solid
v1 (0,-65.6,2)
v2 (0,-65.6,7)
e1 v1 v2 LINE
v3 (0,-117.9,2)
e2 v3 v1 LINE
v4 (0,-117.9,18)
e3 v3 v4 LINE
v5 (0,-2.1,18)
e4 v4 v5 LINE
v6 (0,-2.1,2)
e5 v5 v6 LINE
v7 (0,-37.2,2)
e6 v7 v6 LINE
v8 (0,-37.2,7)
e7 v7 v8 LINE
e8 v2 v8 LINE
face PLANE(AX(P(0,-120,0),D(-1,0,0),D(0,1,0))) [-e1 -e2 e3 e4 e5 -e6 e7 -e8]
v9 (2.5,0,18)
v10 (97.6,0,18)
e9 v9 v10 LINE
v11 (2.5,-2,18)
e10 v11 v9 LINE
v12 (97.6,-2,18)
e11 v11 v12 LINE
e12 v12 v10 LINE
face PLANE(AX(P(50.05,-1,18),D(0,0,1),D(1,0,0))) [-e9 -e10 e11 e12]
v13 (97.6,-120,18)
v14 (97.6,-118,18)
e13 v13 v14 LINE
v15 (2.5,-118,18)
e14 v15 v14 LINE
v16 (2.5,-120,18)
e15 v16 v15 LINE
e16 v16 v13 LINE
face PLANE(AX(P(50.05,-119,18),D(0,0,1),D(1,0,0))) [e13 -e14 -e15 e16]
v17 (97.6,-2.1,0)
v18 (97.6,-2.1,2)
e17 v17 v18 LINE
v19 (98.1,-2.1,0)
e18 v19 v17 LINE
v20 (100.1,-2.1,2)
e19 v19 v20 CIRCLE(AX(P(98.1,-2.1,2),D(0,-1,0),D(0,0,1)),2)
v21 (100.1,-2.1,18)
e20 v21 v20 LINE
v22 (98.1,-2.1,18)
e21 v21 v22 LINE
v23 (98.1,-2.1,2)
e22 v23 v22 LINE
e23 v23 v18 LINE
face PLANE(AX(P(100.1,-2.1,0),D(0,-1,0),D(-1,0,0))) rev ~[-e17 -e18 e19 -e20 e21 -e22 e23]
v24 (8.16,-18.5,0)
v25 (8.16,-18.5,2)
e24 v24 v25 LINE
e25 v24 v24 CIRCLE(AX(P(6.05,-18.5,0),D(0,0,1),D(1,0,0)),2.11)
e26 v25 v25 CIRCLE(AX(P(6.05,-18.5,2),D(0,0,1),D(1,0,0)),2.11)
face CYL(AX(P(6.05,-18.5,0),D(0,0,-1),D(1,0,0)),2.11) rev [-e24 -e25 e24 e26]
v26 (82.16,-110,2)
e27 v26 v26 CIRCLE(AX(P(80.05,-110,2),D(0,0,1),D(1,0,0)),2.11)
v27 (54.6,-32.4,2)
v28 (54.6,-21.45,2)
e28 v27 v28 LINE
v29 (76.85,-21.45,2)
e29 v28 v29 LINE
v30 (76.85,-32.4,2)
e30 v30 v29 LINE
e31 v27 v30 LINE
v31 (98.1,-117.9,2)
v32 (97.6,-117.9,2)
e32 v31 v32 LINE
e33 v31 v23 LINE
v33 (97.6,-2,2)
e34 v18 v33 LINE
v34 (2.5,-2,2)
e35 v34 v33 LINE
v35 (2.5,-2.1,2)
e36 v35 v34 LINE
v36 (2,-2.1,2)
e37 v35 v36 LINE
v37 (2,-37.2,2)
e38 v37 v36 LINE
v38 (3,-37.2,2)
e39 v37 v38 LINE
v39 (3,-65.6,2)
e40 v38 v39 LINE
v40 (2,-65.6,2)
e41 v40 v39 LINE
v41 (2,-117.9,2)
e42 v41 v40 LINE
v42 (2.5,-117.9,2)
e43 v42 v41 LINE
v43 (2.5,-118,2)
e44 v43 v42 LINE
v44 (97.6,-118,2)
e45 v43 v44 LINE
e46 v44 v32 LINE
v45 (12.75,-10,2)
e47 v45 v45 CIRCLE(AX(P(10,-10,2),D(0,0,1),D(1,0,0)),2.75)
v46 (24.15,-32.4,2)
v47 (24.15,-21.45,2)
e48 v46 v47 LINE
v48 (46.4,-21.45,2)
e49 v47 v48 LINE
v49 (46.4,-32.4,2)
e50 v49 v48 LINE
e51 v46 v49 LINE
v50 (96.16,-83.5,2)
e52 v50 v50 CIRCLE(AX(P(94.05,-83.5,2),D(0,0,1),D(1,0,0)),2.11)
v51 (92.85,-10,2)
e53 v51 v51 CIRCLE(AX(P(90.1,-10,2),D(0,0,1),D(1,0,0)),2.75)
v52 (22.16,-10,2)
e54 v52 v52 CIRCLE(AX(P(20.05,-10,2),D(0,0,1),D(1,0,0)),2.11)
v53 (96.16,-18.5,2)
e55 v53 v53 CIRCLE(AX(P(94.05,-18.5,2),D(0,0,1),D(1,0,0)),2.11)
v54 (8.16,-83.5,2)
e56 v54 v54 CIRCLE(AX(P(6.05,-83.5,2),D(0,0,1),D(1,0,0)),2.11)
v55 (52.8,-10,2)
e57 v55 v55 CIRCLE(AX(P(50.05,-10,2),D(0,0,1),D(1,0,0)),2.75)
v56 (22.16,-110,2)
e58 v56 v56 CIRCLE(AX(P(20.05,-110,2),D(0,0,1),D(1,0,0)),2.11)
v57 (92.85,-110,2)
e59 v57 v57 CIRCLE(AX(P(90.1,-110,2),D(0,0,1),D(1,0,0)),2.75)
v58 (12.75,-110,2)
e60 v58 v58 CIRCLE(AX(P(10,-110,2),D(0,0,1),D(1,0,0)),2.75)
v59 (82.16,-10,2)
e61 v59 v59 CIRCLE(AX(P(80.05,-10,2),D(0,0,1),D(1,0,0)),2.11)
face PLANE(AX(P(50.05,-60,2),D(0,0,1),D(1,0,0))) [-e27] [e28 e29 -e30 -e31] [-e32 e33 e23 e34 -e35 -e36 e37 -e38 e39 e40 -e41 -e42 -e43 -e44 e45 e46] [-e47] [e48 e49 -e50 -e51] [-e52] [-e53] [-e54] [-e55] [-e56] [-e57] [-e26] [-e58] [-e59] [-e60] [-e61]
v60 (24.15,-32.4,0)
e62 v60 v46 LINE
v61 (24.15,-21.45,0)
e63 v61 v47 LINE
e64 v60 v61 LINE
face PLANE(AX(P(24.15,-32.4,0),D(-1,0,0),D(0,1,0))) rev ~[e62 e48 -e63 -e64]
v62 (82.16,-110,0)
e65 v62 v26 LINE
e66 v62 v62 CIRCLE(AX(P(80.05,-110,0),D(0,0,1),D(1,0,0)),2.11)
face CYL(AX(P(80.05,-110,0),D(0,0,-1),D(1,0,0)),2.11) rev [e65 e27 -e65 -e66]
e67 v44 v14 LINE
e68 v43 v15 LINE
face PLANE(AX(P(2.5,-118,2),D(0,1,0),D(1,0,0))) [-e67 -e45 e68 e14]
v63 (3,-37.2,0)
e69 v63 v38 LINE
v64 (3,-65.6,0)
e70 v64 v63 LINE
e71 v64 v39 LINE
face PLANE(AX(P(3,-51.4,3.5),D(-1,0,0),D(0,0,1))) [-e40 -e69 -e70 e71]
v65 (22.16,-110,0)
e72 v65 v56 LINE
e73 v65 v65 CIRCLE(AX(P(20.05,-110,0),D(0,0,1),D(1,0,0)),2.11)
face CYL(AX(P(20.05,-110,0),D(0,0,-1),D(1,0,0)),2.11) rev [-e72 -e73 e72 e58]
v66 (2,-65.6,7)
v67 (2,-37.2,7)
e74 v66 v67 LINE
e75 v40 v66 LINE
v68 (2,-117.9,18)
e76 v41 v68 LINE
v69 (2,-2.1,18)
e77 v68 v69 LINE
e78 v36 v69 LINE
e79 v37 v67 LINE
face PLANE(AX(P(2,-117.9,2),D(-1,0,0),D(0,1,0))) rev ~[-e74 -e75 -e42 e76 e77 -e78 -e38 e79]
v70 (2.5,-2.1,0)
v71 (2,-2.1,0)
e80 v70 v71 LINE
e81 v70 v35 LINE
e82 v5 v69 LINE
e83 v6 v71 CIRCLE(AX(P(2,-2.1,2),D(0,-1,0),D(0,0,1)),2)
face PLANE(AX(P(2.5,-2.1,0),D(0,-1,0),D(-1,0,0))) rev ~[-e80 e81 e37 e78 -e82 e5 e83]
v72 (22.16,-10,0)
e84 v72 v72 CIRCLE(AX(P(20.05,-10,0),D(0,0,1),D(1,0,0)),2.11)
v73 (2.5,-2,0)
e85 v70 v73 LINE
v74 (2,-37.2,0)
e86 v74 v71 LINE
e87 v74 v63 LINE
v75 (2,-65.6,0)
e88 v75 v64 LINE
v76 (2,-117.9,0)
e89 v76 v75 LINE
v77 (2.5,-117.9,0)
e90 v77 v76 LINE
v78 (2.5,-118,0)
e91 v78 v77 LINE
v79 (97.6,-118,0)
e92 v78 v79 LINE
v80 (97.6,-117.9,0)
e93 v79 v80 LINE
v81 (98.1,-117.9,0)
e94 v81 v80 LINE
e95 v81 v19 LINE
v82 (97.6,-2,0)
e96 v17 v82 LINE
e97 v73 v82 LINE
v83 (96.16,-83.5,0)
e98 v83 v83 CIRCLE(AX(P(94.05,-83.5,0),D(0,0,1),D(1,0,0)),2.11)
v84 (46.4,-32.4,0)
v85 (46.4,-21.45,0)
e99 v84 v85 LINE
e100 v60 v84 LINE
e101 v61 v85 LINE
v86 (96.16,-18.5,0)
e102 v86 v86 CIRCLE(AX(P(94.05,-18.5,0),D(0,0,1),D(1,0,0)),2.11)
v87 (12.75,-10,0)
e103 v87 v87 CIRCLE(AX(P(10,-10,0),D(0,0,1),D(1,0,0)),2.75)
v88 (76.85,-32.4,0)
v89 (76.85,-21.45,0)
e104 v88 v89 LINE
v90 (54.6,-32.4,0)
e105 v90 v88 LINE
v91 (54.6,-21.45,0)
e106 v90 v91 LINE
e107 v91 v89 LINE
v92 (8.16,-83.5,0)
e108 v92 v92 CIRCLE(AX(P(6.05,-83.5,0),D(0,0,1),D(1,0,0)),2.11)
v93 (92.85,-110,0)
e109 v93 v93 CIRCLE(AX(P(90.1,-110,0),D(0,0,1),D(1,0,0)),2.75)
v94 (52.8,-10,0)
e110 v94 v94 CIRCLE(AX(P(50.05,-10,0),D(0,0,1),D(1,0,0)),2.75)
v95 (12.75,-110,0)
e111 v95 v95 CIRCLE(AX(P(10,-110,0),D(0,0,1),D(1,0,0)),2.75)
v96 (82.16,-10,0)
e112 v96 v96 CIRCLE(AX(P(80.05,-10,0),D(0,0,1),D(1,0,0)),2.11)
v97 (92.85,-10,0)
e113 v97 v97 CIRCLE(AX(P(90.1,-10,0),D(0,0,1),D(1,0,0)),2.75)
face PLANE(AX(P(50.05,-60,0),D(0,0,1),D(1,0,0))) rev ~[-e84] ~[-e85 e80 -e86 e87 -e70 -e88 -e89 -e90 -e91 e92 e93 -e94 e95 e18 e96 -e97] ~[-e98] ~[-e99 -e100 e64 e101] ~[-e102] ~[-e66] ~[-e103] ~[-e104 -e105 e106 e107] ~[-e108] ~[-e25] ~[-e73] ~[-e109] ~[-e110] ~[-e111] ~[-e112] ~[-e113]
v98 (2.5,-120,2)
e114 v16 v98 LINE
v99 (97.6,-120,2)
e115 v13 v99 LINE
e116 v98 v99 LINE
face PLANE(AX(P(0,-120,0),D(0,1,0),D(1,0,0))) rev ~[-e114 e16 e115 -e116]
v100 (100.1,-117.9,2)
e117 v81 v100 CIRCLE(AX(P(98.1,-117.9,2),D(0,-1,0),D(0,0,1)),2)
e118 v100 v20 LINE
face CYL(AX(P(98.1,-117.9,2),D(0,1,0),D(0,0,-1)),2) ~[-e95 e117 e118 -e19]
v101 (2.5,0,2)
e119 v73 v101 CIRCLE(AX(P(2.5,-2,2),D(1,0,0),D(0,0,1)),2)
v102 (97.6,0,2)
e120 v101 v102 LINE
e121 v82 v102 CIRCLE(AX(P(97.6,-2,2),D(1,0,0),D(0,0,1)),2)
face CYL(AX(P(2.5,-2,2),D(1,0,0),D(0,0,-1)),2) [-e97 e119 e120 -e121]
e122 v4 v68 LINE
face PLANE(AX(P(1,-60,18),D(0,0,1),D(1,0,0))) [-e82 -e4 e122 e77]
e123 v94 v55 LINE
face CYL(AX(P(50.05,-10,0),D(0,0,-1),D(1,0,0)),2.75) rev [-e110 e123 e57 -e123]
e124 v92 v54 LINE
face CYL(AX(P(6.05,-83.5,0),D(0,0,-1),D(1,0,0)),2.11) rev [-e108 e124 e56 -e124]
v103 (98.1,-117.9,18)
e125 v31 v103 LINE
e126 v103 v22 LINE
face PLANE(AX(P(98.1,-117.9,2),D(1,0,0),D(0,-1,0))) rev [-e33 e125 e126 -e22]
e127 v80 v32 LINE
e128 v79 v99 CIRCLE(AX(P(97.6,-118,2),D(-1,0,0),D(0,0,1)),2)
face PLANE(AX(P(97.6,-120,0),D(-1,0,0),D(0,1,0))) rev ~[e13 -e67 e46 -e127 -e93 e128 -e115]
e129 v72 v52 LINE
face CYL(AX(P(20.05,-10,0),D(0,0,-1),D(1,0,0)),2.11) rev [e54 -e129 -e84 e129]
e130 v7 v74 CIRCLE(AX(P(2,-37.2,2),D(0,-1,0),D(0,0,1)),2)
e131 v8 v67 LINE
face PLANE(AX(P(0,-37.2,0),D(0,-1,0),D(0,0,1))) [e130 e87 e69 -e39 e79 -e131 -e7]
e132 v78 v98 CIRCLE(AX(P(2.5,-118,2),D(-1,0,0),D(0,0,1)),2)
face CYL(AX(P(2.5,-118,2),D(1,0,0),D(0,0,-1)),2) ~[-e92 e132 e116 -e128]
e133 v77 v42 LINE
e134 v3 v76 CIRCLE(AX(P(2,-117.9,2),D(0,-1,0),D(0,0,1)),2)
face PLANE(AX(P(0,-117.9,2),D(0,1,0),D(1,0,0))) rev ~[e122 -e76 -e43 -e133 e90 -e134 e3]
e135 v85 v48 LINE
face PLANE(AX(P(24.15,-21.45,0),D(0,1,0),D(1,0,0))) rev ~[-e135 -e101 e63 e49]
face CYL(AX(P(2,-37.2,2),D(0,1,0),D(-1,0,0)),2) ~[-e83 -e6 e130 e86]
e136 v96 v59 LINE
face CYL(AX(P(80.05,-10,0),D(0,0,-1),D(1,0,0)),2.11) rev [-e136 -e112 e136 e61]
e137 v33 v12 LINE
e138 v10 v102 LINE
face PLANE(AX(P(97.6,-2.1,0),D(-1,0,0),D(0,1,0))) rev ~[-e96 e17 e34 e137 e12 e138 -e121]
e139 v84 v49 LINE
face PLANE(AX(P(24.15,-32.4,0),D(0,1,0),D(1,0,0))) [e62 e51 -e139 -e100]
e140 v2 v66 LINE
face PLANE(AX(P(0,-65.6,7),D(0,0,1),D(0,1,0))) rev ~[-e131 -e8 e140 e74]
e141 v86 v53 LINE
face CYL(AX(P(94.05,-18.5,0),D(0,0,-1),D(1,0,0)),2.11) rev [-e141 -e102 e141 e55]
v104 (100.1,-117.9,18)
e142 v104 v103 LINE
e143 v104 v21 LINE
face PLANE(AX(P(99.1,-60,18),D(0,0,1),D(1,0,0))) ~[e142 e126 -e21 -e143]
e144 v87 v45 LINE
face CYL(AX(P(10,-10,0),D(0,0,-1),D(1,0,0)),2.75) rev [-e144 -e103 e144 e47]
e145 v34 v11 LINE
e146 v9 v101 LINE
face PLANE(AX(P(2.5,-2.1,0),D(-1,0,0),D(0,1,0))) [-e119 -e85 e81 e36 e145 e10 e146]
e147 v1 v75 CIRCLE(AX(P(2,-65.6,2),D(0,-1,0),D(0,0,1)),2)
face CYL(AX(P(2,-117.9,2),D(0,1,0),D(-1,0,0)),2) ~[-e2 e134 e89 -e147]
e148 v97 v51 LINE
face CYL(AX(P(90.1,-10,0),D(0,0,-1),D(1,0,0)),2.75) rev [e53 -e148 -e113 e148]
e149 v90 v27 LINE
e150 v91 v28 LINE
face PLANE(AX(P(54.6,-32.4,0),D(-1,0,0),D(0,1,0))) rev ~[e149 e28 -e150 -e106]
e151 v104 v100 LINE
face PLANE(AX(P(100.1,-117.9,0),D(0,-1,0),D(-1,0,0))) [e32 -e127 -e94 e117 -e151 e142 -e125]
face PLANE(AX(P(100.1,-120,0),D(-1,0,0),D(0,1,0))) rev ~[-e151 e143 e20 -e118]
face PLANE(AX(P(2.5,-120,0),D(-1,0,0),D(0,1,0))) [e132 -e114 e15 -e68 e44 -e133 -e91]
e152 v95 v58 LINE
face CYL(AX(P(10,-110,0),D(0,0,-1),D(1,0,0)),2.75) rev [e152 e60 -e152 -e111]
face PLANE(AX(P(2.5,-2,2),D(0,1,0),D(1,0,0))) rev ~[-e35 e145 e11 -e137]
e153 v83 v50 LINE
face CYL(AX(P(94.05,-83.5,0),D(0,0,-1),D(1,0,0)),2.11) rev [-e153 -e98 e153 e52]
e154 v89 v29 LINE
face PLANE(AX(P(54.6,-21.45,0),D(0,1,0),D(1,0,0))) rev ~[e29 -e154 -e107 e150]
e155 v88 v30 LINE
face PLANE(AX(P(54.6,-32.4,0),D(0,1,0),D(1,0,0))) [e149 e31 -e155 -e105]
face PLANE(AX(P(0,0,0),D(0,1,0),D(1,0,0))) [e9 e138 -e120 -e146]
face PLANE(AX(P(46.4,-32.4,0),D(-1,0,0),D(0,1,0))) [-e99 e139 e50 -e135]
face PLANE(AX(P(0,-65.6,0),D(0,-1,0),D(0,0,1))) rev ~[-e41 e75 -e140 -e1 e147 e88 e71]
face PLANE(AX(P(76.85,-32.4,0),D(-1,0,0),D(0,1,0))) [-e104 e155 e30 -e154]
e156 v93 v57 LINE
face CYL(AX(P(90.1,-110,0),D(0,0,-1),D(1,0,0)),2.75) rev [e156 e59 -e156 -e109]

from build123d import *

# Parameters (mm, degrees)
SKETCH1_W           = 100.1
SKETCH1_H           = 120
SKETCH1_R           = 2.75
SKETCH1_R_2         = 2.11
SKETCH1_W_2         = 22.25
SKETCH1_H_2         = 10.95
BOSS_EXTRUDE1_DEPTH = 2
SKETCH2_W           = 2
SKETCH2_H           = 115.8
BOSS_EXTRUDE2_DEPTH = 16
SKETCH4_W           = 95.1
SKETCH4_H           = 2
BOSS_EXTRUDE3_DEPTH = 16
SKETCH5_W           = 2.5
SKETCH5_H           = 2.1
CUT_EXTRUDE1_DEPTH  = 2
SKETCH6_W           = 7
SKETCH6_H           = 28.4
CUT_EXTRUDE2_DEPTH  = 3
FILLET2_R           = 2


with BuildPart() as part:
    # Sketch1 → Boss-Extrude1 (new body)
    with BuildSketch(Plane.XY):
        with Locations((50.05, -60)):
            Rectangle(SKETCH1_W, SKETCH1_H)
        with Locations((10, -10)):
            Circle(SKETCH1_R, mode=Mode.SUBTRACT)
        with Locations((90.1, -10)):
            Circle(SKETCH1_R, mode=Mode.SUBTRACT)
        with Locations((10, -110)):
            Circle(SKETCH1_R, mode=Mode.SUBTRACT)
        with Locations((6.05, -18.5)):
            Circle(SKETCH1_R_2, mode=Mode.SUBTRACT)
        with Locations((6.05, -83.5)):
            Circle(SKETCH1_R_2, mode=Mode.SUBTRACT)
        with Locations((94.05, -18.5)):
            Circle(SKETCH1_R_2, mode=Mode.SUBTRACT)
        with Locations((94.05, -83.5)):
            Circle(SKETCH1_R_2, mode=Mode.SUBTRACT)
        with Locations((20.05, -10)):
            Circle(SKETCH1_R_2, mode=Mode.SUBTRACT)
        with Locations((80.05, -10)):
            Circle(SKETCH1_R_2, mode=Mode.SUBTRACT)
        with Locations((20.05, -110)):
            Circle(SKETCH1_R_2, mode=Mode.SUBTRACT)
        with Locations((80.05, -110)):
            Circle(SKETCH1_R_2, mode=Mode.SUBTRACT)
        with Locations((90.1, -110)):
            Circle(SKETCH1_R, mode=Mode.SUBTRACT)
        with Locations((50.05, -10)):
            Circle(SKETCH1_R, mode=Mode.SUBTRACT)
        with Locations((35.275, -26.925)):
            Rectangle(SKETCH1_W_2, SKETCH1_H_2, mode=Mode.SUBTRACT)
        with Locations((65.725, -26.925)):
            Rectangle(SKETCH1_W_2, SKETCH1_H_2, mode=Mode.SUBTRACT)
    extrude(amount=BOSS_EXTRUDE1_DEPTH)

    # Sketch2 → Boss-Extrude2 (add)
    with BuildSketch(Plane.XY.offset(2)):
        with Locations((1, -60)):
            Rectangle(SKETCH2_W, SKETCH2_H)
    boss_extrude2 = extrude(amount=BOSS_EXTRUDE2_DEPTH)

    # Mirror1: Boss-Extrude2 across plane
    add(boss_extrude2.mirror(Plane(origin=(50.05, 0, 0), x_dir=(0, 0, 1), z_dir=(1, 0, 0))))

    # Sketch4 → Boss-Extrude3 (add)
    with BuildSketch(Plane.XY.offset(2)):
        with Locations((50.05, -1)):
            Rectangle(SKETCH4_W, SKETCH4_H)
        with Locations((50.05, -119)):
            Rectangle(SKETCH4_W, SKETCH4_H)
    extrude(amount=BOSS_EXTRUDE3_DEPTH)

    # Sketch5 → Cut-Extrude1 (cut)
    with BuildSketch(Plane(origin=(0, 0, 0), x_dir=(-1, 0, 0), z_dir=(0, 0, -1))):
        with Locations((-1.25, -1.05)):
            Rectangle(SKETCH5_W, SKETCH5_H)
        with Locations((-98.85, -118.95)):
            Rectangle(SKETCH5_W, SKETCH5_H)
        with Locations((-1.25, -118.95)):
            Rectangle(SKETCH5_W, SKETCH5_H)
        with Locations((-98.85, -1.05)):
            Rectangle(SKETCH5_W, SKETCH5_H)
    extrude(amount=-CUT_EXTRUDE1_DEPTH, mode=Mode.SUBTRACT)

    # Sketch6 → Cut-Extrude2 (cut)
    with BuildSketch(Plane.ZY):
        with Locations((3.5, -51.4)):
            Rectangle(SKETCH6_W, SKETCH6_H)
    extrude(amount=-CUT_EXTRUDE2_DEPTH, mode=Mode.SUBTRACT)

    # Fillet2
    fillet2_edges = [part.edges().sort_by_distance(p)[0] for p in [
        (0, -19.65, 0),
        (100.1, -60, 0),
        (50.05, -120, 0),
        (50.05, 0, 0),
        (0, -91.75, 0),
    ]]
    fillet(fillet2_edges, radius=FILLET2_R)


solid = part.part
